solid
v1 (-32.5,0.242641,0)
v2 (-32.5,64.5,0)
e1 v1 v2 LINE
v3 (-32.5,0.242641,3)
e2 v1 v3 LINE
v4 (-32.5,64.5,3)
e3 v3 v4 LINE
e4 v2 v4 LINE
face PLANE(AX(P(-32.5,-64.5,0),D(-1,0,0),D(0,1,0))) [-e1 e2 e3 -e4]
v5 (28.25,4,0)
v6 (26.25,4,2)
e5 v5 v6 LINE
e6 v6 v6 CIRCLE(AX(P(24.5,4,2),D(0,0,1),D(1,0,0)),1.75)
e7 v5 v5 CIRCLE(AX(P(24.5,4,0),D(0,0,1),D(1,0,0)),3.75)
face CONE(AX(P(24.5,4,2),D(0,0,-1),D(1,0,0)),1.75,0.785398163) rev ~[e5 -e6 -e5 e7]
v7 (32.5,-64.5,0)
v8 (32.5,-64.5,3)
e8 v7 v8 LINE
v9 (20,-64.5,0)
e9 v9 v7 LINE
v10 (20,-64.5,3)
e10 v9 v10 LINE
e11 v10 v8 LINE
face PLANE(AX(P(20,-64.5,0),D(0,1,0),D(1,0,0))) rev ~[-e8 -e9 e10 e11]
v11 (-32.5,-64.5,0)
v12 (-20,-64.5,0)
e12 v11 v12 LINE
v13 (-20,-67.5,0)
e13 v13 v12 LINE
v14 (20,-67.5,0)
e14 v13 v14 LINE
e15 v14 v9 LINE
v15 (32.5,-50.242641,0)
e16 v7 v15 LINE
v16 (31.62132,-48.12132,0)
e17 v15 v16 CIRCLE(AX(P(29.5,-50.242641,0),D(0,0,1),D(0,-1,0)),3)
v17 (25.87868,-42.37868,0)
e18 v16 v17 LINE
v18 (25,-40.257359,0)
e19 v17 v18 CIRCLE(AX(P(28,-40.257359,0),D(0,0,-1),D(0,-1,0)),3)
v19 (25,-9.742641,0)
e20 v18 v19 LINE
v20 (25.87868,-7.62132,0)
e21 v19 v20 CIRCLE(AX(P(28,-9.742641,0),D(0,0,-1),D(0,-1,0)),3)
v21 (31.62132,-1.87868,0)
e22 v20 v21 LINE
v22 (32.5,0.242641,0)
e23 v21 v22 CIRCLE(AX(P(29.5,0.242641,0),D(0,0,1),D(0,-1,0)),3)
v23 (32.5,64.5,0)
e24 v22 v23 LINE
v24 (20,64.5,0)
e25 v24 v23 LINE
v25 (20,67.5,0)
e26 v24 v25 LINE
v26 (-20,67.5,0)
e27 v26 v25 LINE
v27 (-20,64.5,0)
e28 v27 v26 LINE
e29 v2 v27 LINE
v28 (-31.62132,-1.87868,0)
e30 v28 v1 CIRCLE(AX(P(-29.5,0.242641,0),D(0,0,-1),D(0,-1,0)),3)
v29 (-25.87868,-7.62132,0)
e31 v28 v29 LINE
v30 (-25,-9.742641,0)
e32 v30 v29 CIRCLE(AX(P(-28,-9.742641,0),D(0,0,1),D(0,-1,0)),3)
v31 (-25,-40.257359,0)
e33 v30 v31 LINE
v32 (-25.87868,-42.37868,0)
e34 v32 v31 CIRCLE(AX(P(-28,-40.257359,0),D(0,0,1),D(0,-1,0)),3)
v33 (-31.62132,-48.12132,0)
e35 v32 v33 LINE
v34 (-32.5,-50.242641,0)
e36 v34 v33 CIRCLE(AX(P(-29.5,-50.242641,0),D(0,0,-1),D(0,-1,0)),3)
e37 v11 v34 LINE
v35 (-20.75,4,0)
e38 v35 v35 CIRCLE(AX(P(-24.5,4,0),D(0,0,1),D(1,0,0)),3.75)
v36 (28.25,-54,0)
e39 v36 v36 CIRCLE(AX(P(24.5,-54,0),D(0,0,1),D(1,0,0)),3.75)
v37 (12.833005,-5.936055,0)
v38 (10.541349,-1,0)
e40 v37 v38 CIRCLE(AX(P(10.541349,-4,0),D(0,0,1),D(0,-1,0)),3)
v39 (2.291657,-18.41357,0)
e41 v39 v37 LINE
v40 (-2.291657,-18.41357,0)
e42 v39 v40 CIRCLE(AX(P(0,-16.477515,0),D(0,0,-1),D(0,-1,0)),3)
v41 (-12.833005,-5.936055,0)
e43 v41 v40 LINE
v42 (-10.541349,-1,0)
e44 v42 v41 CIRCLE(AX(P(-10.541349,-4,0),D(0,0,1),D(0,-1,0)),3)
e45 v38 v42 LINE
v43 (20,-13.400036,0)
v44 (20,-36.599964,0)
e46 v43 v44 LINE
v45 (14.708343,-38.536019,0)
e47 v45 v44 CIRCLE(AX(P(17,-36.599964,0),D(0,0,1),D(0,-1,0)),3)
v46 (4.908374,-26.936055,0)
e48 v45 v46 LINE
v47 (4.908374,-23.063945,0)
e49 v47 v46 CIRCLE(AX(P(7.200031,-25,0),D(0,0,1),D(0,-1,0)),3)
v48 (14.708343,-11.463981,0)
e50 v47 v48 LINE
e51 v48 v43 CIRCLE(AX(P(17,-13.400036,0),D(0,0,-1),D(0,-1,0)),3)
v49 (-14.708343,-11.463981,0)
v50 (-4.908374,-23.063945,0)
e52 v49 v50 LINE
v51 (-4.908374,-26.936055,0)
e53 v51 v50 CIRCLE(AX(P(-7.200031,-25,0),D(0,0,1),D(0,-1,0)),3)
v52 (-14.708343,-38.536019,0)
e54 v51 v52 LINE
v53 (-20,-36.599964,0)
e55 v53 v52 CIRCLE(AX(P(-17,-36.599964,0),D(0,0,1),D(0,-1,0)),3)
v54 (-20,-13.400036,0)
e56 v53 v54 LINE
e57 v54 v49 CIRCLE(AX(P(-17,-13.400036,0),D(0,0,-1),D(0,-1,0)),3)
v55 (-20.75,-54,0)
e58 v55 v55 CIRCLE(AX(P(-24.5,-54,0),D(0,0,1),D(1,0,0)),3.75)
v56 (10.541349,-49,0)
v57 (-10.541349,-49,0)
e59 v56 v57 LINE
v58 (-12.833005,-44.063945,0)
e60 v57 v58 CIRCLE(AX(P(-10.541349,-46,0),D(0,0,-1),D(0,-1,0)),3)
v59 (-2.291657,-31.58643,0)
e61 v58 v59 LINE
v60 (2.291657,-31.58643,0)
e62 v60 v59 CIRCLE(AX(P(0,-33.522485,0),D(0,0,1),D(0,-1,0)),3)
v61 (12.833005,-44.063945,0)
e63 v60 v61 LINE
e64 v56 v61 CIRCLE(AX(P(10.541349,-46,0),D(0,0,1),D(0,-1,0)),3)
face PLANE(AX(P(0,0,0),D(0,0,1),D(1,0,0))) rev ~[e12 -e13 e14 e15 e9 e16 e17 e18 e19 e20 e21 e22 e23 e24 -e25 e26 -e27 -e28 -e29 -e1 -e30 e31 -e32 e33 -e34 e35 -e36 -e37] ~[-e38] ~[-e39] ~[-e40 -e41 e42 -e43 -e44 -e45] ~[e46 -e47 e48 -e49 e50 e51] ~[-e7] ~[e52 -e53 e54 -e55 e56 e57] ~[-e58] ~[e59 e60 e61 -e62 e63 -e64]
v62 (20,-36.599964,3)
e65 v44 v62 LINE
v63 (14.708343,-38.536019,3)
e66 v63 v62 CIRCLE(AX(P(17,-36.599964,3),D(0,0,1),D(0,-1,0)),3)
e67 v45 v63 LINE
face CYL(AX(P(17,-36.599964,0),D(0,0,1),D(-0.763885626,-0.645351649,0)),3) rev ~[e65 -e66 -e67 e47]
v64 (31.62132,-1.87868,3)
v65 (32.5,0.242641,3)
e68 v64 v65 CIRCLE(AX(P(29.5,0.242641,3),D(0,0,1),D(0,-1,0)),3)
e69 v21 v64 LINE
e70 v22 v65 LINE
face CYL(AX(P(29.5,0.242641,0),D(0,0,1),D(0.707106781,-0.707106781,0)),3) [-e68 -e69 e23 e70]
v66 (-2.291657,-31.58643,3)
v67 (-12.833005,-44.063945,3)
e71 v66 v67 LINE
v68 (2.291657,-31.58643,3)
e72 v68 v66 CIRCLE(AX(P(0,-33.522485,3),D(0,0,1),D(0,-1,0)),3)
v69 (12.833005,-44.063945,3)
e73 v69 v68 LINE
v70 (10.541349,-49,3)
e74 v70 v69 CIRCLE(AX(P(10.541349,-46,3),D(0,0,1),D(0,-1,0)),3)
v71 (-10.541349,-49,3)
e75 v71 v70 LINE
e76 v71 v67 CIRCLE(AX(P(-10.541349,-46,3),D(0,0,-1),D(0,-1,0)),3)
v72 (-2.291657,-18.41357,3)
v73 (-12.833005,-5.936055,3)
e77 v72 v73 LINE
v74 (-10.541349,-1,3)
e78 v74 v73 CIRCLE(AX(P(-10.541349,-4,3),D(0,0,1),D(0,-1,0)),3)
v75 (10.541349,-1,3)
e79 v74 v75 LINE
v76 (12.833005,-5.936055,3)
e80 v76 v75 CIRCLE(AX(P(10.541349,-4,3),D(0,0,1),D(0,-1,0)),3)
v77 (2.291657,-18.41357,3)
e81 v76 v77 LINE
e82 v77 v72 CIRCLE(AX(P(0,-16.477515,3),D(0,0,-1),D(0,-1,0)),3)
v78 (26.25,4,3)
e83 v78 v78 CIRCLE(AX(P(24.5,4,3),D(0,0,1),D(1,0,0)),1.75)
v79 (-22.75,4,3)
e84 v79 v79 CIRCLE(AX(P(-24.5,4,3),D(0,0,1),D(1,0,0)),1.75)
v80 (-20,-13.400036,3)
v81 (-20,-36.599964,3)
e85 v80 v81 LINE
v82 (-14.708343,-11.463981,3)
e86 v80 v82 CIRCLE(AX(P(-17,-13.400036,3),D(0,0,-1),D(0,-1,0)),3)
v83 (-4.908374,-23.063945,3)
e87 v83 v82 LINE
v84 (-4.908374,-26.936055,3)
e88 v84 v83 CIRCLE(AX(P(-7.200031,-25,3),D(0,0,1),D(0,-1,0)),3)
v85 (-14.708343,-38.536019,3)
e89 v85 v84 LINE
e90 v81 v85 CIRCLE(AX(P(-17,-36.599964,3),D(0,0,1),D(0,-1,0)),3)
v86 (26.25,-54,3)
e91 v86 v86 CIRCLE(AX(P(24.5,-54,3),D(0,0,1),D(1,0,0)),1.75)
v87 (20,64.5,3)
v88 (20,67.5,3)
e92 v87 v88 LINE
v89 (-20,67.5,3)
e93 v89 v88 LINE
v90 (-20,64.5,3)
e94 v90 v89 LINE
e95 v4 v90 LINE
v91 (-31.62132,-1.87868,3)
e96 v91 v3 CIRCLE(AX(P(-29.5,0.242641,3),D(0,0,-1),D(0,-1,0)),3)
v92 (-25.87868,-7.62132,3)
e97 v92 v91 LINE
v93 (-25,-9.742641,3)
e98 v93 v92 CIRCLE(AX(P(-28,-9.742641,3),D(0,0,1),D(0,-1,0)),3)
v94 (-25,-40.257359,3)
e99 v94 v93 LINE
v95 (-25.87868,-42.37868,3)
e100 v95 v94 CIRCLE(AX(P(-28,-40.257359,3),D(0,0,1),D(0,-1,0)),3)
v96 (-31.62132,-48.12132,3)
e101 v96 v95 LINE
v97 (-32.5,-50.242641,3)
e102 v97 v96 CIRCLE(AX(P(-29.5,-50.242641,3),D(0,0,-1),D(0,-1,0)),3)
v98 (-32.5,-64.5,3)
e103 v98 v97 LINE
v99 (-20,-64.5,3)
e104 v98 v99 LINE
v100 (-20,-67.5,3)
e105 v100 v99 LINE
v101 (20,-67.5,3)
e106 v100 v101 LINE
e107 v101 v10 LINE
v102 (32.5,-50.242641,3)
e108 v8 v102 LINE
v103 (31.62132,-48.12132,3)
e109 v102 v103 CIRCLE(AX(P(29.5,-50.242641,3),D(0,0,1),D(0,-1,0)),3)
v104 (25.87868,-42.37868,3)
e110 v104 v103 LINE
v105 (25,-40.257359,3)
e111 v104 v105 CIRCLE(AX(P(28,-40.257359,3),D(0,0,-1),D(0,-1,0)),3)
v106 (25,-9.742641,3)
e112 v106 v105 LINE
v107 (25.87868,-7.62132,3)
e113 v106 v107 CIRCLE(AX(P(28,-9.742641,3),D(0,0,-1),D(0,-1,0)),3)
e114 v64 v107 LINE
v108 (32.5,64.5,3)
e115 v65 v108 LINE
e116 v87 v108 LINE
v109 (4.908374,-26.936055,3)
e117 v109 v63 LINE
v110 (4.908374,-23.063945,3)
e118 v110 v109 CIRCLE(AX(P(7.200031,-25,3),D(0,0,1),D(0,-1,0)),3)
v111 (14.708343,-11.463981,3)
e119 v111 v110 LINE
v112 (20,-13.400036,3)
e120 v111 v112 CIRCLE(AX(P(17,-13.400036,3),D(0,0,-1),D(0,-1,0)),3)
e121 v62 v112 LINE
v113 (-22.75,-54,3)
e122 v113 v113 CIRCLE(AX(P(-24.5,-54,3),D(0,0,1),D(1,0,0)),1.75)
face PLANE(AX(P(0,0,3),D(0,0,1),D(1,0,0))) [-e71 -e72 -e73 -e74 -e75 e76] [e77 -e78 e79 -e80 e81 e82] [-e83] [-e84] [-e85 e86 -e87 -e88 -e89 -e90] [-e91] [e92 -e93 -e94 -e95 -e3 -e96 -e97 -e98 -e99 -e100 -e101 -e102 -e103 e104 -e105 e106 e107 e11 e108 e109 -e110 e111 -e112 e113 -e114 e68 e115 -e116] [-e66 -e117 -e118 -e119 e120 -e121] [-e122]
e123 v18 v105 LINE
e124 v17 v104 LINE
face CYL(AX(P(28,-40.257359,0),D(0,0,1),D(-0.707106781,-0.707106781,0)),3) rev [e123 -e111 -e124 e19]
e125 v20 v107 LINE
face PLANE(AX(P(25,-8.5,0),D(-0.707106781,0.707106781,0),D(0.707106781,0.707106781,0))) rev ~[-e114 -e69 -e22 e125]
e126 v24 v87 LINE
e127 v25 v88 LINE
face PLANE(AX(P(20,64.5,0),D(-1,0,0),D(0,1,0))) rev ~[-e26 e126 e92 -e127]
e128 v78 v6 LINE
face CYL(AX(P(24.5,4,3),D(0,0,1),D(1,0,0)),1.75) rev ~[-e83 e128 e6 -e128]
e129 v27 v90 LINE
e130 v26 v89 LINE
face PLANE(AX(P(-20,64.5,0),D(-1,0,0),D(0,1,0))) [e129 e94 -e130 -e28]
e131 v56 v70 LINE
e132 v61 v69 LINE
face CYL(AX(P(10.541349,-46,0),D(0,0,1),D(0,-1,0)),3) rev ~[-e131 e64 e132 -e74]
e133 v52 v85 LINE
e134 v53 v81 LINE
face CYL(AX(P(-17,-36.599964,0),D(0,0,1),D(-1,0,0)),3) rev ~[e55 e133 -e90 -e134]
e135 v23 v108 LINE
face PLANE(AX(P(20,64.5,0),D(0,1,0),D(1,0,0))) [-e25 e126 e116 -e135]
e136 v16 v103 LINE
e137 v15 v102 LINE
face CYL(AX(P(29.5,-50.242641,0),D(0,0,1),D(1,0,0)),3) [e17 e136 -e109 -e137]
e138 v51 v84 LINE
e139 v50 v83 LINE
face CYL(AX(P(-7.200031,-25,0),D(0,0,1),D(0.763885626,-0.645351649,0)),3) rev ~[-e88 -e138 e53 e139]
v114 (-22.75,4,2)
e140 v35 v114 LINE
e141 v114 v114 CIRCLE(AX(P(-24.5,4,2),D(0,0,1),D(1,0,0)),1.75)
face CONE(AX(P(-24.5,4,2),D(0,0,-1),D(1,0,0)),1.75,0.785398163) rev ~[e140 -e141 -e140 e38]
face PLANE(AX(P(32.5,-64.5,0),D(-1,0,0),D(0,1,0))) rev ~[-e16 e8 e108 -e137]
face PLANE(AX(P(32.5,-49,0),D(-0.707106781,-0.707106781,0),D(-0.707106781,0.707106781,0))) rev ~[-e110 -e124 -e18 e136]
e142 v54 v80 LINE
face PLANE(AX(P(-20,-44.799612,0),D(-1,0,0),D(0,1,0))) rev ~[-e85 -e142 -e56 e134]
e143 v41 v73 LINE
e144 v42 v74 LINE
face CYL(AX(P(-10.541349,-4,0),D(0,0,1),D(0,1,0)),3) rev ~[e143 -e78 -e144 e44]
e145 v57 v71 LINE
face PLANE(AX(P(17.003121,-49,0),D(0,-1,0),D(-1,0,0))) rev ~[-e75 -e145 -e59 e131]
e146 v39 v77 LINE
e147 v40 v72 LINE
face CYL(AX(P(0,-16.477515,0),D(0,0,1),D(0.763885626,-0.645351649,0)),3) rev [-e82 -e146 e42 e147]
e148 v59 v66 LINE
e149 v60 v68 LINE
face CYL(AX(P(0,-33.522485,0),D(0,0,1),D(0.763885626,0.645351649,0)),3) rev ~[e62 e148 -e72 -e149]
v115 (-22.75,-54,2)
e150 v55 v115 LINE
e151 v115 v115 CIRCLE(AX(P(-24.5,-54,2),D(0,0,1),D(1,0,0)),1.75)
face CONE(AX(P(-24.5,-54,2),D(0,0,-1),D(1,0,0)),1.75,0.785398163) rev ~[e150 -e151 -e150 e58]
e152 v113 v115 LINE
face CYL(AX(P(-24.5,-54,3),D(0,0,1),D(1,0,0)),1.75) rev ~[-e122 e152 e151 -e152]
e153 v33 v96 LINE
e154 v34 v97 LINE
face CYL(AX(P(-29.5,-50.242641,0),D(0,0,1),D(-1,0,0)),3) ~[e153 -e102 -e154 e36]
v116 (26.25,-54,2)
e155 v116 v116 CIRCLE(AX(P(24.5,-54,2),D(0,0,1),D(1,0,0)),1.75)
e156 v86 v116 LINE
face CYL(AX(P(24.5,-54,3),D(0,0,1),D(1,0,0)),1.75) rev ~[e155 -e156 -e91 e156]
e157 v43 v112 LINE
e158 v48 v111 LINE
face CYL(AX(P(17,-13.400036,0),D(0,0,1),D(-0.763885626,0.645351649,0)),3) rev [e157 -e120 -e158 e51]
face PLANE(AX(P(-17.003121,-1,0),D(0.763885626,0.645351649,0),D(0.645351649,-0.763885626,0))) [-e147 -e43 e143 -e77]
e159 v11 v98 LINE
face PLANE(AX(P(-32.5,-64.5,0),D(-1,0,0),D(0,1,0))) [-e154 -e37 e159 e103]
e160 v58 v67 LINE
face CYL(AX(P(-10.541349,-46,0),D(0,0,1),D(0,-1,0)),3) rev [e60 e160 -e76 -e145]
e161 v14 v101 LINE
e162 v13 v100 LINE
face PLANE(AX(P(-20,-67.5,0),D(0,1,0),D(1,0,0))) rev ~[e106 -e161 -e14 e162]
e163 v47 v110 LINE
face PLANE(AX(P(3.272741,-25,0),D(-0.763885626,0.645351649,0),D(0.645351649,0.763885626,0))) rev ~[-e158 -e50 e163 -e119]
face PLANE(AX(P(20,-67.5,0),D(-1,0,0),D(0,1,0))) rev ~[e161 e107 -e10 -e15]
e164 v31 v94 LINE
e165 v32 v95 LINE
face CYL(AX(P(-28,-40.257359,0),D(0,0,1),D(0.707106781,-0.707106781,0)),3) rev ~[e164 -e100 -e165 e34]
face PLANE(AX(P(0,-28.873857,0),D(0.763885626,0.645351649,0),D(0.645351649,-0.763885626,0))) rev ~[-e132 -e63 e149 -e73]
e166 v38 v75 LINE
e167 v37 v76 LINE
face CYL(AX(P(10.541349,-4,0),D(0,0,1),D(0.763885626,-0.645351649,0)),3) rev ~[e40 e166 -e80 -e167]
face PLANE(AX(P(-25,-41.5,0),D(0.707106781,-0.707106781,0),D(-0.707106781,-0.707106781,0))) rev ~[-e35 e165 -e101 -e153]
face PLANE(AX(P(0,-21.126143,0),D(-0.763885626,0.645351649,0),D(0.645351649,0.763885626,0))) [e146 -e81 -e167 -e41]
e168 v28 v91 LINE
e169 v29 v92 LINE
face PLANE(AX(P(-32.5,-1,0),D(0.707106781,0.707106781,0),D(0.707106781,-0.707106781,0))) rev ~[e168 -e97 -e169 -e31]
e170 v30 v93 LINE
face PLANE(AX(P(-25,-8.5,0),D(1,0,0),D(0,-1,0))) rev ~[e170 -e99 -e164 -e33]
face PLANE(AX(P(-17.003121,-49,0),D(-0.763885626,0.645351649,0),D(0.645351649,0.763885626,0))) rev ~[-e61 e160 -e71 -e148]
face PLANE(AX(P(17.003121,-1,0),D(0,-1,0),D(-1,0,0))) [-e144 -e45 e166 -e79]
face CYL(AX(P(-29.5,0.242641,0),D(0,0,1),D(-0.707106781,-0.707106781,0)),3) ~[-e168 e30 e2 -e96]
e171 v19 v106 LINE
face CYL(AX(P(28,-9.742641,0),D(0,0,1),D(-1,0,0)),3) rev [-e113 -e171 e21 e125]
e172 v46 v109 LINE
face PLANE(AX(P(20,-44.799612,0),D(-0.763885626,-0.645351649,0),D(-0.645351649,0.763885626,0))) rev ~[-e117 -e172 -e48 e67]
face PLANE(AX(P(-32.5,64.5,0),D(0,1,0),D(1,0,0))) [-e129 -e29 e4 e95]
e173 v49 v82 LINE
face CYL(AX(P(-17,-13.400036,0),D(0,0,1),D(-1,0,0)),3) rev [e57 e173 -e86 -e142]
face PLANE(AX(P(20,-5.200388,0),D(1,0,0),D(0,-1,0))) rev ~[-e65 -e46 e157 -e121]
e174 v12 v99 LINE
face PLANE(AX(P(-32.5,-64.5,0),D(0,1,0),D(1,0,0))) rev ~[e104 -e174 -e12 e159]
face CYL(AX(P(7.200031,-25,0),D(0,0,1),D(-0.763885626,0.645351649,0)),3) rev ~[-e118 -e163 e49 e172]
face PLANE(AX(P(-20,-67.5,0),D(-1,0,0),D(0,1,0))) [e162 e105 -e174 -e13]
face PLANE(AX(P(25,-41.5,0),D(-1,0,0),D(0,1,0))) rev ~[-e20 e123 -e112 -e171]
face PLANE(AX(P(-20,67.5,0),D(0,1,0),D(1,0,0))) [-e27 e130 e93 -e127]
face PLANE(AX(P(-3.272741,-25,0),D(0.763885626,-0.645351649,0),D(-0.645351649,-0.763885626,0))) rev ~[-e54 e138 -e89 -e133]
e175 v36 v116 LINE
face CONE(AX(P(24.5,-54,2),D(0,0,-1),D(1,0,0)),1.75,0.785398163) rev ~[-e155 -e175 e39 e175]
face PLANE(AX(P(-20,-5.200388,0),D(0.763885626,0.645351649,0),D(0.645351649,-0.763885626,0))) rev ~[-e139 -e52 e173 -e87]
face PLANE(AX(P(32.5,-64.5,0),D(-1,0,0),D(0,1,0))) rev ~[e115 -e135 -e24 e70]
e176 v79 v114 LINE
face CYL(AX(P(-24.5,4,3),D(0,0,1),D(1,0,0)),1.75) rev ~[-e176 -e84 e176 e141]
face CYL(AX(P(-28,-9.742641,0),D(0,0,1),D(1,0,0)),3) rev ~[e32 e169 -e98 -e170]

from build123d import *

# Parameters (mm, degrees)
SKETCH_1_W          = 65
SKETCH_1_H          = 129
SKETCH_1_W_2        = 40
SKETCH_1_H_2        = 6
EXTRUDE_1_DEPTH     = 3
SKETCH_2_R          = 1.75
CUT_EXTRUDE_1_DEPTH = 10
CHAMFER_1_SIZE      = 2
CUT_EXTRUDE_2_DEPTH = 10
FILLET_1_R          = 3
FILLET_2_R          = 3
FILLET_3_R          = 3


with BuildPart() as part:
    # Эскиз1 → Бобышка-Вытянуть1 (new body)
    with BuildSketch(Plane.XY):
        Rectangle(SKETCH_1_W, SKETCH_1_H)
        with Locations((0, 64.5)):
            Rectangle(SKETCH_1_W_2, SKETCH_1_H_2)
        with Locations((0, -64.5)):
            Rectangle(SKETCH_1_W_2, SKETCH_1_H_2)
    extrude(amount=EXTRUDE_1_DEPTH)

    # Эскиз2 → Вырез-Вытянуть1 (cut)
    with BuildSketch(Plane.XY.offset(3)):
        with Locations((-24.5, 4)):
            Circle(SKETCH_2_R)
        with Locations((24.5, 4)):
            Circle(SKETCH_2_R)
        with Locations((24.5, -54)):
            Circle(SKETCH_2_R)
        with Locations((-24.5, -54)):
            Circle(SKETCH_2_R)
    extrude(amount=-CUT_EXTRUDE_1_DEPTH, mode=Mode.SUBTRACT)

    # Фаска1
    chamfer_1_edges = [part.edges().sort_by_distance(p)[0] for p in [
        (-26.25, -54, 0),
        (22.75, -54, 0),
        (22.75, 4, 0),
        (-26.25, 4, 0),
    ]]
    chamfer(chamfer_1_edges, length=CHAMFER_1_SIZE)

    # Эскиз3 → Вырез-Вытянуть2 (cut)
    with BuildSketch(Plane(origin=(0, 0, 0), x_dir=(-1, 0, 0), z_dir=(0, 0, -1))):
        Polygon((32.5, -1), (25, -8.5), (25, -41.5), (32.5, -49), (35.92761887, -49), (35.92761887, -1), align=None)
        Polygon((-35.92761887, -49), (-32.5, -49), (-25, -41.5), (-25, -8.5), (-32.5, -1), (-35.92761887, -1), align=None)
        Polygon((0, -21.126143006), (-17.003120815, -1), (17.003120815, -1), align=None)
        Polygon((20, -5.200387607), (3.272741254, -25), (20, -44.799612393), align=None)
        Polygon((17.003120815, -49), (0, -28.873856994), (-17.003120815, -49), align=None)
        Polygon((-20, -5.200387607), (-20, -44.799612393), (-3.272741254, -25), align=None)
    extrude(amount=-CUT_EXTRUDE_2_DEPTH, mode=Mode.SUBTRACT)

    # Скругление1
    fillet_1_edges = [part.edges().sort_by_distance(p)[0] for p in [
        (-32.5, -1, 1.5),
        (-32.5, -49, 1.5),
        (-25, -41.5, 1.5),
        (-25, -8.5, 1.5),
    ]]
    fillet(fillet_1_edges, radius=FILLET_1_R)

    # Скругление2
    fillet_2_edges = [part.edges().sort_by_distance(p)[0] for p in [
        (32.5, -1, 1.5),
        (25, -8.5, 1.5),
        (25, -41.5, 1.5),
        (32.5, -49, 1.5),
    ]]
    fillet(fillet_2_edges, radius=FILLET_2_R)

    # Скругление3
    fillet_3_edges = [part.edges().sort_by_distance(p)[0] for p in [
        (17.003120815, -49, 1.5),
        (0, -28.873856994, 1.5),
        (-17.003120815, -49, 1.5),
        (-20, -44.799612393, 1.5),
        (-3.272741254, -25, 1.5),
        (-20, -5.200387607, 1.5),
        (3.272741254, -25, 1.5),
        (20, -44.799612393, 1.5),
        (20, -5.200387607, 1.5),
        (-17.003120815, -1, 1.5),
        (0, -21.126143006, 1.5),
        (17.003120815, -1, 1.5),
    ]]
    fillet(fillet_3_edges, radius=FILLET_3_R)


solid = part.part
